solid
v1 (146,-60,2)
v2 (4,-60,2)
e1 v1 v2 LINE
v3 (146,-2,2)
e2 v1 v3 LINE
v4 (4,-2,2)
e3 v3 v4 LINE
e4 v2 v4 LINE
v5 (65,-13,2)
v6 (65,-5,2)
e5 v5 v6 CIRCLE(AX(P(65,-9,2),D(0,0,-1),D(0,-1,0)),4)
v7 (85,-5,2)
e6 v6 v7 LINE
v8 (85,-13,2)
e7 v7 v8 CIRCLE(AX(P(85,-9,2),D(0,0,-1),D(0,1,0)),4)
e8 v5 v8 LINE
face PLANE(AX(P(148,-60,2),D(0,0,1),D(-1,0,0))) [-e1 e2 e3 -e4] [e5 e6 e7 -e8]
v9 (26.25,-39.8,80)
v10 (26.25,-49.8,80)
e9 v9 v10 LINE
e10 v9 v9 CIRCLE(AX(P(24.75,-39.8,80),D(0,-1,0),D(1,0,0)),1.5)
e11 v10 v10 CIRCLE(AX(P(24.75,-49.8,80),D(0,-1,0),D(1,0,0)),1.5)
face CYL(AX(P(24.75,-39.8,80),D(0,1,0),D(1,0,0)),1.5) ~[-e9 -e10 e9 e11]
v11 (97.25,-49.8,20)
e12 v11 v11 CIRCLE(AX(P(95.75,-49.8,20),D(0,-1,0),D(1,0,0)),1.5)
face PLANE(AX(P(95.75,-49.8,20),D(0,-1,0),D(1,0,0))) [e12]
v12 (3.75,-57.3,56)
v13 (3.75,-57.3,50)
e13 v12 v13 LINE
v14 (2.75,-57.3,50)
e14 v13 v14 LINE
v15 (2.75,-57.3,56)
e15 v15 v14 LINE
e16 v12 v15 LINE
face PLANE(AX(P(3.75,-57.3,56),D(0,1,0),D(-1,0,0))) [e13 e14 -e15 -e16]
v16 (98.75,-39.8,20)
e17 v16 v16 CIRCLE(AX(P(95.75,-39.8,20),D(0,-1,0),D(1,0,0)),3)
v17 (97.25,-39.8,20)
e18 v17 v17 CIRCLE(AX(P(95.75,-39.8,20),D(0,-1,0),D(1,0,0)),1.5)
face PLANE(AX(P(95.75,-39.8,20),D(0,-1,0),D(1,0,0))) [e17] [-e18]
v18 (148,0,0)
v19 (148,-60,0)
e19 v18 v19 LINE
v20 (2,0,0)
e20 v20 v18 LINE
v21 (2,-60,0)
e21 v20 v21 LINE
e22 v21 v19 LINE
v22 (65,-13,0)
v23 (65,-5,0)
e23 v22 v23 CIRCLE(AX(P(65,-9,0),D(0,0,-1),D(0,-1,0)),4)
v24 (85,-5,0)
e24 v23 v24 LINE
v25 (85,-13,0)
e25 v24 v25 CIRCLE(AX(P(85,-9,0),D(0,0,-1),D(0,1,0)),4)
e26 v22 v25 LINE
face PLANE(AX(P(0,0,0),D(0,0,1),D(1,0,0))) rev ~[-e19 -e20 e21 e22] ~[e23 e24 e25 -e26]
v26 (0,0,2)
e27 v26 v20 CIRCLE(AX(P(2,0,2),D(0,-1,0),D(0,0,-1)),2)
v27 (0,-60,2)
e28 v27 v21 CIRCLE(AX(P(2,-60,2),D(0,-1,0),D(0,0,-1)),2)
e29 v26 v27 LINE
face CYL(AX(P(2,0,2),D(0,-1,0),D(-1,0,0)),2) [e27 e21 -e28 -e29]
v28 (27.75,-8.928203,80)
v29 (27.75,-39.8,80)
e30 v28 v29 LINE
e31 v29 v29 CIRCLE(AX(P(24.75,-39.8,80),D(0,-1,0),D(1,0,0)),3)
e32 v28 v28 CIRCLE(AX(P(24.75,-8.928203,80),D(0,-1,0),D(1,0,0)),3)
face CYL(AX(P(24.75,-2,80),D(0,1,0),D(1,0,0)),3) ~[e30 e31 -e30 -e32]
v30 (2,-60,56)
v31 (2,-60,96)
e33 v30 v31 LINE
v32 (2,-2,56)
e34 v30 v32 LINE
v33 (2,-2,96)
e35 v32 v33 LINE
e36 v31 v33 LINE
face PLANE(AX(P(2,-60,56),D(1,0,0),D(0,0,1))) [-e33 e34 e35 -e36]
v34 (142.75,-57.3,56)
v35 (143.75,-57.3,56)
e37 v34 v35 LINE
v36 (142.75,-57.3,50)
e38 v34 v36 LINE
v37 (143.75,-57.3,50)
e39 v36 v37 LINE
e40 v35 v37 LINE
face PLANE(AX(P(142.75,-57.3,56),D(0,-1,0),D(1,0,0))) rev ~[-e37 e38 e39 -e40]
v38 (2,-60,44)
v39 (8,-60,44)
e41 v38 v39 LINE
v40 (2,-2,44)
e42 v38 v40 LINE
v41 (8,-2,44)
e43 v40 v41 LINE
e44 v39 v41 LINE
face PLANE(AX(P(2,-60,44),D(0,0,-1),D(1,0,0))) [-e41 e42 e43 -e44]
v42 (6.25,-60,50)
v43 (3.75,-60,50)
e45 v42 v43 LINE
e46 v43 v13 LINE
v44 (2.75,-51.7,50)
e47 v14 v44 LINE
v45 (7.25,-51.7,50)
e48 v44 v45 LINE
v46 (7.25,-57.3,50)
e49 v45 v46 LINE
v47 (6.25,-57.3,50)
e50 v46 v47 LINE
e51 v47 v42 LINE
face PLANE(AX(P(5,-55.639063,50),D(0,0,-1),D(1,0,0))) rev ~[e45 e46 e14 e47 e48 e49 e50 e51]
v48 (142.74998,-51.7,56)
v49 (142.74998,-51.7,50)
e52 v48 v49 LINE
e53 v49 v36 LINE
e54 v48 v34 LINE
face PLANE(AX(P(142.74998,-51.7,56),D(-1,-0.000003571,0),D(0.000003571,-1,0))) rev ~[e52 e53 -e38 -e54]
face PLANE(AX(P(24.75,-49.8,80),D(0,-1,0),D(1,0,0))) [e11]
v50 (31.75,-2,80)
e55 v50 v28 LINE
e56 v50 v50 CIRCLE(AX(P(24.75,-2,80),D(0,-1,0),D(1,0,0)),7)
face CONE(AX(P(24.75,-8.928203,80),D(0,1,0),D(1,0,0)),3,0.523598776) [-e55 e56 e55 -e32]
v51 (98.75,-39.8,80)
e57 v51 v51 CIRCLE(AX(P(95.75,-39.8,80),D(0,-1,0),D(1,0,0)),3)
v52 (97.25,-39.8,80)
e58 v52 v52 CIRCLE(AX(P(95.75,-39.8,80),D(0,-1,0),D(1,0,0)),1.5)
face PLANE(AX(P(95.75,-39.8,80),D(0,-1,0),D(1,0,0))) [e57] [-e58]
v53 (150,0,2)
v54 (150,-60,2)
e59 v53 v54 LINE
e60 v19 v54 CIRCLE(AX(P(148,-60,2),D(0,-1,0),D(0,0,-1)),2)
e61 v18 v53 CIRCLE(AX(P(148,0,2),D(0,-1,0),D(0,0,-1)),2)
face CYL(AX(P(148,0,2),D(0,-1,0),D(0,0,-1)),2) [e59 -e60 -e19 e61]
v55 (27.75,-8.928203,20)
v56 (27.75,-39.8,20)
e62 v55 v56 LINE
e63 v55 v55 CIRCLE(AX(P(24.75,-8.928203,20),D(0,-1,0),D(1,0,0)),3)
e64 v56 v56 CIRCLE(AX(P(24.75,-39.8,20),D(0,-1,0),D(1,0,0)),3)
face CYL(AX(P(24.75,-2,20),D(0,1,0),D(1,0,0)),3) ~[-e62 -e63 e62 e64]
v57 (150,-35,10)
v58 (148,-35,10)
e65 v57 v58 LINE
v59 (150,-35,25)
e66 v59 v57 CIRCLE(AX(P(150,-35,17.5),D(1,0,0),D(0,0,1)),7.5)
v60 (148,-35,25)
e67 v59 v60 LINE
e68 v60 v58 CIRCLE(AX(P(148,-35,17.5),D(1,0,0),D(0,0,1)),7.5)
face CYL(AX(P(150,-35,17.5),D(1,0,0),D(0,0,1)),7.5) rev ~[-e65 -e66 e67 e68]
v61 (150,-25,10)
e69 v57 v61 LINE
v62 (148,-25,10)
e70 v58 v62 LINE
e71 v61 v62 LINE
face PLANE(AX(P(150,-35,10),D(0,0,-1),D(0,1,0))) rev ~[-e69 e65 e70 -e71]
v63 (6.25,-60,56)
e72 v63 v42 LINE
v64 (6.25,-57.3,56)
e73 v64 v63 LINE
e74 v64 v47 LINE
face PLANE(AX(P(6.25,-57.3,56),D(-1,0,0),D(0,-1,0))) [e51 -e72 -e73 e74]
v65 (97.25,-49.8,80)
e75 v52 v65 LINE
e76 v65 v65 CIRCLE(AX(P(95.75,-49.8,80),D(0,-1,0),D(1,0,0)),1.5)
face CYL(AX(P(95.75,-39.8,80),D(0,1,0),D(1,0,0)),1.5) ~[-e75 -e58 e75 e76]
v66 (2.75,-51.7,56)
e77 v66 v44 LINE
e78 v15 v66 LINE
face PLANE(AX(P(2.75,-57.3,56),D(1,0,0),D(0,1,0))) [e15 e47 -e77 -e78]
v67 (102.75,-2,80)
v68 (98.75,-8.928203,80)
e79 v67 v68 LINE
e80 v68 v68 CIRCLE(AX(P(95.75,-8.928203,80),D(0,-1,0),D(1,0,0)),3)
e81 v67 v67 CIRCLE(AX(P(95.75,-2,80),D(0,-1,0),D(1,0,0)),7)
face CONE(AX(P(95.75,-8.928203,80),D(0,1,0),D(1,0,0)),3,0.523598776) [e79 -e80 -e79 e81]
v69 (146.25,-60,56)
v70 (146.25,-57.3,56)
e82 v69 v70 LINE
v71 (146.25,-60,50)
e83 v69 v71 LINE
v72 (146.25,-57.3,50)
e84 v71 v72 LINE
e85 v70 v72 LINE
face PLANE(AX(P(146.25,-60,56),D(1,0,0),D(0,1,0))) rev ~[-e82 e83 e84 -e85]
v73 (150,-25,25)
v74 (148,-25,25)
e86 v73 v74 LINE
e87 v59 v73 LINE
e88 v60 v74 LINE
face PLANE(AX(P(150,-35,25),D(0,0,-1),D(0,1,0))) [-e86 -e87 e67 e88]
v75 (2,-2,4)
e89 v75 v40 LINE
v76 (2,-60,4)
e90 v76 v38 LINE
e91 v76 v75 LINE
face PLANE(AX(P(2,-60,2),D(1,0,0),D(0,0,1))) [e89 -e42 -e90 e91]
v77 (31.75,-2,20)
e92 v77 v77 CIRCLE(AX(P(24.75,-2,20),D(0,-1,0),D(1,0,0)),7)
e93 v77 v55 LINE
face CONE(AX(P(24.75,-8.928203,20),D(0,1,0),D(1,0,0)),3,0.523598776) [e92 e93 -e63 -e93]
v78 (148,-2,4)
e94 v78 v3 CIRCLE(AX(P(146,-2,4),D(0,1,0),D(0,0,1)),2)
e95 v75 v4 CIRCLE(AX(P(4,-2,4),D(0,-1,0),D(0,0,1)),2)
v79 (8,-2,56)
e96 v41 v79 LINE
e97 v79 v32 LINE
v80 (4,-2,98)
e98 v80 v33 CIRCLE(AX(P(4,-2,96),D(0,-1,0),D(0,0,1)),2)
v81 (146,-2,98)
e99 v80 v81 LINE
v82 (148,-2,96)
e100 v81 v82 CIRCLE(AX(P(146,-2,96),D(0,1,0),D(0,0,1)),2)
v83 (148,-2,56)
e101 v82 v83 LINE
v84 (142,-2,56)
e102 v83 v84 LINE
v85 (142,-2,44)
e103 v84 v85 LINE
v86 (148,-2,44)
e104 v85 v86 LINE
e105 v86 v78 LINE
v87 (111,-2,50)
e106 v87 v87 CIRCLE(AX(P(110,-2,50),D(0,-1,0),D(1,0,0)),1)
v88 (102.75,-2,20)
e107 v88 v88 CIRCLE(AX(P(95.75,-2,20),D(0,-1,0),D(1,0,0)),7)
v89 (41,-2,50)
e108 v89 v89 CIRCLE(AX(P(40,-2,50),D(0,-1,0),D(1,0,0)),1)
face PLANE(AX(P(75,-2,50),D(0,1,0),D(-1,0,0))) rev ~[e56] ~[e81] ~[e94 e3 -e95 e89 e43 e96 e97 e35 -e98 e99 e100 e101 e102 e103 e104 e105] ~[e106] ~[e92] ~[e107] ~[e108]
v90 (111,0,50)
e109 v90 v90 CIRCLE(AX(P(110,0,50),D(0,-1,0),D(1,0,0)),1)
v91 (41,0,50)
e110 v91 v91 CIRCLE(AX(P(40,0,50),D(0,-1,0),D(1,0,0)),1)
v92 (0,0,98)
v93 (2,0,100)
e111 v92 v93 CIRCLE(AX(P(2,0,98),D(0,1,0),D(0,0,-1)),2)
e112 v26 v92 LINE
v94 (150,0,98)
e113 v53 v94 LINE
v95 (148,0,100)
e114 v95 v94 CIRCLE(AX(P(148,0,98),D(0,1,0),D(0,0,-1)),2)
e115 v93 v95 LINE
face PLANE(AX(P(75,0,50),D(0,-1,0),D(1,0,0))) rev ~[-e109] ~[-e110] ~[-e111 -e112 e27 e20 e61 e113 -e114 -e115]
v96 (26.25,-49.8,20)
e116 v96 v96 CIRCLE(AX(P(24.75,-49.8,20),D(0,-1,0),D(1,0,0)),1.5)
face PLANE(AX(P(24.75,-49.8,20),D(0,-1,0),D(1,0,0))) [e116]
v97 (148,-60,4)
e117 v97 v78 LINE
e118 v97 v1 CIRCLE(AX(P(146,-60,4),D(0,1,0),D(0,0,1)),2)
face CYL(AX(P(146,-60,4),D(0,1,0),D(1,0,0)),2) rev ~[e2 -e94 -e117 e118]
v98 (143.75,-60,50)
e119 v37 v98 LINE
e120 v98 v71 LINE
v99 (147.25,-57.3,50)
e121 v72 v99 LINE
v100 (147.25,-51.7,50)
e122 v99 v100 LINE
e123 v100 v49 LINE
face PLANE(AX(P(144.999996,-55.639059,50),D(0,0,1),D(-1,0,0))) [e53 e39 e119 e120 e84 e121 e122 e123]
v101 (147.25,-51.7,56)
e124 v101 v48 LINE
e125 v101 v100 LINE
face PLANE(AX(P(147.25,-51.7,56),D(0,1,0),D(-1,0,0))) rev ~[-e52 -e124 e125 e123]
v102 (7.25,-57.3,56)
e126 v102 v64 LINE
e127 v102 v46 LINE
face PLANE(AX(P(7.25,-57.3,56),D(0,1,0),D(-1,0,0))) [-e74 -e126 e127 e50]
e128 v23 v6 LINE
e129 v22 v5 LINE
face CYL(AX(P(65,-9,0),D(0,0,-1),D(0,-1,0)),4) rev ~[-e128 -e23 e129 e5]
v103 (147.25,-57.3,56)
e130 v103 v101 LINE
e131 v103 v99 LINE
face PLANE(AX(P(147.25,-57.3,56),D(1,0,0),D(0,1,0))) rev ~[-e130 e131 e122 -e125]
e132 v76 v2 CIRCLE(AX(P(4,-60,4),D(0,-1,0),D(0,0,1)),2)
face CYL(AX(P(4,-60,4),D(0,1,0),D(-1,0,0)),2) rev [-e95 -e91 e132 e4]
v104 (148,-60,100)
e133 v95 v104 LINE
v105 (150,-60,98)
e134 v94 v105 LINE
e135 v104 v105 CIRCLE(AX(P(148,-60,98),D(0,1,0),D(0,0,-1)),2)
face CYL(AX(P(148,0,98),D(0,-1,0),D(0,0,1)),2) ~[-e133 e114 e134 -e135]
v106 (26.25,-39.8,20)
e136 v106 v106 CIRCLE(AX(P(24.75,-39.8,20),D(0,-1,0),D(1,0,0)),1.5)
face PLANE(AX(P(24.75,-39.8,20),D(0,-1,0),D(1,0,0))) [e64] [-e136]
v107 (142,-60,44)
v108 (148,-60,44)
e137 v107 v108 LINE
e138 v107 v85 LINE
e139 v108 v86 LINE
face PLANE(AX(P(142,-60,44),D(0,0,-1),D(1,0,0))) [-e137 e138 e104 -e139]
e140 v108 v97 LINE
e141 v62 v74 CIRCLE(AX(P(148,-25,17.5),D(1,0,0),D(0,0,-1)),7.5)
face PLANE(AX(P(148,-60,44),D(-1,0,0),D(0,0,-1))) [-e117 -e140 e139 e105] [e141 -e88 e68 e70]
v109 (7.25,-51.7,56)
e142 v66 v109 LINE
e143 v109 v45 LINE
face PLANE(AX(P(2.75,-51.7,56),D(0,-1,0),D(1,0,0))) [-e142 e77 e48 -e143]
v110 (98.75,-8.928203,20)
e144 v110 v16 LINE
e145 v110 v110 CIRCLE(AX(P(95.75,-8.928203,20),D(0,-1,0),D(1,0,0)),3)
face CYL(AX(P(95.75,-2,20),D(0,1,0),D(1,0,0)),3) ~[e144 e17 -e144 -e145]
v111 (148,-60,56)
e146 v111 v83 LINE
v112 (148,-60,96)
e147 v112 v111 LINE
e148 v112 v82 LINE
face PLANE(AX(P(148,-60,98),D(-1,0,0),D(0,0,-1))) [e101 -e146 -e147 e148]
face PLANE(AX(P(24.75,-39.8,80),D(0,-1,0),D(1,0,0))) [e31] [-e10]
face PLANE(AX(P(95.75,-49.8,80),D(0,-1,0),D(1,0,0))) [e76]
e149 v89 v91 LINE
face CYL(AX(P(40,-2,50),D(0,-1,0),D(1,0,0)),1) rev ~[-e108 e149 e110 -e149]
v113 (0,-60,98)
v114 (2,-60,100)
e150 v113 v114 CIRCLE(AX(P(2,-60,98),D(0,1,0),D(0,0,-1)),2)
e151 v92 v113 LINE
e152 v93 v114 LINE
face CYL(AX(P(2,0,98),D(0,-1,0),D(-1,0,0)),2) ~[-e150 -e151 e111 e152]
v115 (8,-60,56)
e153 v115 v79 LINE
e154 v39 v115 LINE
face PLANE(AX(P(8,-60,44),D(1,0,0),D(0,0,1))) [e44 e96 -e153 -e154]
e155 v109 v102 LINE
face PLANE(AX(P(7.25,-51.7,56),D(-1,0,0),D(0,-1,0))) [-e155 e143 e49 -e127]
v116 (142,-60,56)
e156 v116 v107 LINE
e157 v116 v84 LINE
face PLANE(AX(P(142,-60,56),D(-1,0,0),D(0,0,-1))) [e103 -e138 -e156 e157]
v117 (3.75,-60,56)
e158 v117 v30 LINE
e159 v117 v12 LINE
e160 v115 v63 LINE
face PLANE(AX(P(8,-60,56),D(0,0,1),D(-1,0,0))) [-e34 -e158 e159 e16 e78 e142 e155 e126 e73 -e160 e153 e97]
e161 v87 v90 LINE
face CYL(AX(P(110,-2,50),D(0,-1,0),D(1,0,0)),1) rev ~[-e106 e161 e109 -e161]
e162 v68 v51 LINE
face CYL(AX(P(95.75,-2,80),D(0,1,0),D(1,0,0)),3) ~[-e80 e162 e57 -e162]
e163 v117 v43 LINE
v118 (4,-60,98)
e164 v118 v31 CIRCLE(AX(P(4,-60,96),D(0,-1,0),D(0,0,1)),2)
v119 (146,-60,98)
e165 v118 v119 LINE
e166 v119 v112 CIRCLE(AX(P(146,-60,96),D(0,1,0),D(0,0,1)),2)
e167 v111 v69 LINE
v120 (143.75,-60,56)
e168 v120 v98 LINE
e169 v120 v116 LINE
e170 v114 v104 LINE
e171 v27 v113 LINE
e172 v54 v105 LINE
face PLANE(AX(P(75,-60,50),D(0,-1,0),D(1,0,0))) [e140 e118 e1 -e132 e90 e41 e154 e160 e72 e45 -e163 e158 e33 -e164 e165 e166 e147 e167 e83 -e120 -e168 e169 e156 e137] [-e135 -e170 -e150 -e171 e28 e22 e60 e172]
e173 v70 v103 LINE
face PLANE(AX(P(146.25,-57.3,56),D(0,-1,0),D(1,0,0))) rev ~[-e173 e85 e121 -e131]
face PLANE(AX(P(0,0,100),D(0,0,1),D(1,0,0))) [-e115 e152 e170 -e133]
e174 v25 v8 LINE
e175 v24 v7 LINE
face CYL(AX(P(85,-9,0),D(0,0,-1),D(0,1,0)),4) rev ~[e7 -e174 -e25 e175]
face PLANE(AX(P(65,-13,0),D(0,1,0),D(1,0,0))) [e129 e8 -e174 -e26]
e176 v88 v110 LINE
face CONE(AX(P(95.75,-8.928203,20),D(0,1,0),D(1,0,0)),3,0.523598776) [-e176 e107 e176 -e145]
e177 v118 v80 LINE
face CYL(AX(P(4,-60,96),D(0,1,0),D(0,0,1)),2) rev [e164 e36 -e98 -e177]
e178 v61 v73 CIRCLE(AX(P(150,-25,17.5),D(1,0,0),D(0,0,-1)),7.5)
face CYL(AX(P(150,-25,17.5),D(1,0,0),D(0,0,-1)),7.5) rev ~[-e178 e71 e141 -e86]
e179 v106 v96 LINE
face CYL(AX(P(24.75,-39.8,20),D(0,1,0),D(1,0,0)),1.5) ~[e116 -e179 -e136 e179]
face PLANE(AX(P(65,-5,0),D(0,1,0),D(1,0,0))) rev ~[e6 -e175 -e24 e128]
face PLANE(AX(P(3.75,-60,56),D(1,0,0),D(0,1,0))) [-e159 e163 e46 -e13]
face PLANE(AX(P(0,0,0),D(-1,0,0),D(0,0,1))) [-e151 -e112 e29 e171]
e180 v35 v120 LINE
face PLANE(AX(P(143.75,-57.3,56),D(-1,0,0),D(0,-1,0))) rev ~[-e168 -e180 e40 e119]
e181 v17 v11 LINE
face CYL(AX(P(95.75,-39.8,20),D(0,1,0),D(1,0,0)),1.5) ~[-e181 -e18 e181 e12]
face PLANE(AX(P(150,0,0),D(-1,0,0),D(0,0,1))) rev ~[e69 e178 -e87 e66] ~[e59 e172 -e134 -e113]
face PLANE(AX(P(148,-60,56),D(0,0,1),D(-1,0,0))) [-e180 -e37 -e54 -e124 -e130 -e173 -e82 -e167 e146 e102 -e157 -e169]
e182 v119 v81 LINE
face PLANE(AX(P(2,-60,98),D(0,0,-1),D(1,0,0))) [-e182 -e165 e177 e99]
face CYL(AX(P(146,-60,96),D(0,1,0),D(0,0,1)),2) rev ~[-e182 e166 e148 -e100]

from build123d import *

# Parameters (mm, degrees)
SKETCH_W        = 150
SKETCH_H        = 100
PAD_DEPTH       = 60
POCKET_DEPTH    = 58
SKETCH002_R     = 3
PAD001_DEPTH    = 37.8
POCKET001_DEPTH = 2
POCKET002_DEPTH = 2
SKETCH007_R     = 1
POCKET003_DEPTH = 2.001
SKETCH009_R     = 1.5
PAD003_DEPTH    = 10
POCKET004_DEPTH = 6
POCKET005_DEPTH = 6
CHAMFER_ANGLE   = 60
CHAMFER_SIZE    = 4
FILLET_R        = 2
FILLET001_R     = 2


with BuildPart() as part:
    # Sketch → Pad (new body)
    with BuildSketch(Plane.XZ):
        with Locations((75, 50)):
            Rectangle(SKETCH_W, SKETCH_H)
    extrude(amount=PAD_DEPTH)

    # Sketch001 (on Face6 of Pad) → Pocket (cut)
    with BuildSketch(Plane.XZ.offset(60)):
        Polygon((2, 98), (148, 98), (148, 56), (142, 56), (142, 44), (148, 44), (148, 2), (2, 2), (2, 44), (8, 44), (8, 56), (2, 56), align=None)
    extrude(amount=-POCKET_DEPTH, mode=Mode.SUBTRACT)

    # Sketch002 (on Face19 of Pocket) → Pad001 (join)
    with BuildSketch(Plane.XZ.offset(2)):
        with Locations((24.75, 80)):
            Circle(SKETCH002_R)
        with Locations((95.75, 80)):
            Circle(SKETCH002_R)
        with Locations((24.75, 20)):
            Circle(SKETCH002_R)
        with Locations((95.75, 20)):
            Circle(SKETCH002_R)
    extrude(amount=PAD001_DEPTH)

    # Sketch005 → Pocket001 (cut)
    with BuildSketch(Plane(origin=(0, 0, 0), x_dir=(1, 0, 0), z_dir=(0, 0, -1))):
        with BuildLine():
            ThreePointArc((65, 13), (61, 9), (65, 5))
            Line((65, 5), (85, 5))
            ThreePointArc((85, 5), (89, 9), (85, 13))
            Line((65, 13), (85, 13))
        make_face()
    extrude(amount=-POCKET001_DEPTH, mode=Mode.SUBTRACT)

    # Sketch006 (on Face5 of Pocket001) → Pocket002 (cut)
    with BuildSketch(Plane(origin=(150, 0, 0), x_dir=(0, 0, 1), z_dir=(1, 0, 0))):
        with BuildLine():
            ThreePointArc((25, 35), (17.5, 42.5), (10, 35))
            Line((10, 35), (10, 25))
            ThreePointArc((10, 25), (17.5, 17.5), (25, 25))
            Line((25, 35), (25, 25))
        make_face()
    extrude(amount=-POCKET002_DEPTH, mode=Mode.SUBTRACT)

    # Sketch007 (on Face27 of Pocket002) → Pocket003 (cut, through all)
    with BuildSketch(Plane.XZ.offset(2)):
        with Locations((40, 50)):
            Circle(SKETCH007_R)
        with Locations((110, 50)):
            Circle(SKETCH007_R)
    extrude(amount=-POCKET003_DEPTH, mode=Mode.SUBTRACT)

    # Sketch009 (on Face35 of Pocket003) → Pad003 (join)
    with BuildSketch(Plane.XZ.offset(39.8)):
        with Locations((24.75, 80)):
            Circle(SKETCH009_R)
        with Locations((95.75, 80)):
            Circle(SKETCH009_R)
        with Locations((24.75, 20)):
            Circle(SKETCH009_R)
        with Locations((95.75, 20)):
            Circle(SKETCH009_R)
    extrude(amount=PAD003_DEPTH)

    # Sketch010 (on Face14 of Pad003) → Pocket004 (cut)
    with BuildSketch(Plane(origin=(0, 0, 56), x_dir=(-1, 0, 0), z_dir=(0, 0, 1))):
        Polygon((-3.75, 60), (-3.75, 57.3), (-2.75, 57.3), (-2.75, 51.7), (-7.25, 51.7), (-7.25, 57.3), (-6.25, 57.3), (-6.25, 60), align=None)
    extrude(amount=-POCKET004_DEPTH, mode=Mode.SUBTRACT)

    # Sketch011 (on Face24 of Pocket004) → Pocket005 (cut)
    with BuildSketch(Plane(origin=(0, 0, 56), x_dir=(-1, 0, 0), z_dir=(0, 0, 1))):
        Polygon((-143.75, 60), (-146.25, 60), (-146.25, 57.3), (-147.25, 57.3), (-147.25, 51.7), (-142.74998, 51.7), (-142.75, 57.3), (-143.75, 57.3), align=None)
    extrude(amount=-POCKET005_DEPTH, mode=Mode.SUBTRACT)

    # Chamfer
    chamfer_edges = [part.edges().sort_by_distance(p)[0] for p in [
        (21.75, -2, 80),
        (92.75, -2, 80),
        (92.75, -2, 20),
        (21.75, -2, 20),
    ]]
    chamfer_side = part.faces().sort_by_distance((75.121299, -2, 50))[0]
    chamfer(chamfer_edges, length=CHAMFER_SIZE, angle=CHAMFER_ANGLE, reference=chamfer_side)

    # Fillet
    fillet_edges = [part.edges().sort_by_distance(p)[0] for p in [
        (2, -31, 98),
        (2, -31, 2),
        (148, -31, 2),
        (148, -31, 98),
    ]]
    fillet(fillet_edges, radius=FILLET_R)

    # Fillet001
    fillet001_edges = [part.edges().sort_by_distance(p)[0] for p in [
        (0, -30, 0),
        (0, -30, 100),
        (150, -30, 100),
        (150, -30, 0),
    ]]
    fillet(fillet001_edges, radius=FILLET001_R)


solid = part.part
